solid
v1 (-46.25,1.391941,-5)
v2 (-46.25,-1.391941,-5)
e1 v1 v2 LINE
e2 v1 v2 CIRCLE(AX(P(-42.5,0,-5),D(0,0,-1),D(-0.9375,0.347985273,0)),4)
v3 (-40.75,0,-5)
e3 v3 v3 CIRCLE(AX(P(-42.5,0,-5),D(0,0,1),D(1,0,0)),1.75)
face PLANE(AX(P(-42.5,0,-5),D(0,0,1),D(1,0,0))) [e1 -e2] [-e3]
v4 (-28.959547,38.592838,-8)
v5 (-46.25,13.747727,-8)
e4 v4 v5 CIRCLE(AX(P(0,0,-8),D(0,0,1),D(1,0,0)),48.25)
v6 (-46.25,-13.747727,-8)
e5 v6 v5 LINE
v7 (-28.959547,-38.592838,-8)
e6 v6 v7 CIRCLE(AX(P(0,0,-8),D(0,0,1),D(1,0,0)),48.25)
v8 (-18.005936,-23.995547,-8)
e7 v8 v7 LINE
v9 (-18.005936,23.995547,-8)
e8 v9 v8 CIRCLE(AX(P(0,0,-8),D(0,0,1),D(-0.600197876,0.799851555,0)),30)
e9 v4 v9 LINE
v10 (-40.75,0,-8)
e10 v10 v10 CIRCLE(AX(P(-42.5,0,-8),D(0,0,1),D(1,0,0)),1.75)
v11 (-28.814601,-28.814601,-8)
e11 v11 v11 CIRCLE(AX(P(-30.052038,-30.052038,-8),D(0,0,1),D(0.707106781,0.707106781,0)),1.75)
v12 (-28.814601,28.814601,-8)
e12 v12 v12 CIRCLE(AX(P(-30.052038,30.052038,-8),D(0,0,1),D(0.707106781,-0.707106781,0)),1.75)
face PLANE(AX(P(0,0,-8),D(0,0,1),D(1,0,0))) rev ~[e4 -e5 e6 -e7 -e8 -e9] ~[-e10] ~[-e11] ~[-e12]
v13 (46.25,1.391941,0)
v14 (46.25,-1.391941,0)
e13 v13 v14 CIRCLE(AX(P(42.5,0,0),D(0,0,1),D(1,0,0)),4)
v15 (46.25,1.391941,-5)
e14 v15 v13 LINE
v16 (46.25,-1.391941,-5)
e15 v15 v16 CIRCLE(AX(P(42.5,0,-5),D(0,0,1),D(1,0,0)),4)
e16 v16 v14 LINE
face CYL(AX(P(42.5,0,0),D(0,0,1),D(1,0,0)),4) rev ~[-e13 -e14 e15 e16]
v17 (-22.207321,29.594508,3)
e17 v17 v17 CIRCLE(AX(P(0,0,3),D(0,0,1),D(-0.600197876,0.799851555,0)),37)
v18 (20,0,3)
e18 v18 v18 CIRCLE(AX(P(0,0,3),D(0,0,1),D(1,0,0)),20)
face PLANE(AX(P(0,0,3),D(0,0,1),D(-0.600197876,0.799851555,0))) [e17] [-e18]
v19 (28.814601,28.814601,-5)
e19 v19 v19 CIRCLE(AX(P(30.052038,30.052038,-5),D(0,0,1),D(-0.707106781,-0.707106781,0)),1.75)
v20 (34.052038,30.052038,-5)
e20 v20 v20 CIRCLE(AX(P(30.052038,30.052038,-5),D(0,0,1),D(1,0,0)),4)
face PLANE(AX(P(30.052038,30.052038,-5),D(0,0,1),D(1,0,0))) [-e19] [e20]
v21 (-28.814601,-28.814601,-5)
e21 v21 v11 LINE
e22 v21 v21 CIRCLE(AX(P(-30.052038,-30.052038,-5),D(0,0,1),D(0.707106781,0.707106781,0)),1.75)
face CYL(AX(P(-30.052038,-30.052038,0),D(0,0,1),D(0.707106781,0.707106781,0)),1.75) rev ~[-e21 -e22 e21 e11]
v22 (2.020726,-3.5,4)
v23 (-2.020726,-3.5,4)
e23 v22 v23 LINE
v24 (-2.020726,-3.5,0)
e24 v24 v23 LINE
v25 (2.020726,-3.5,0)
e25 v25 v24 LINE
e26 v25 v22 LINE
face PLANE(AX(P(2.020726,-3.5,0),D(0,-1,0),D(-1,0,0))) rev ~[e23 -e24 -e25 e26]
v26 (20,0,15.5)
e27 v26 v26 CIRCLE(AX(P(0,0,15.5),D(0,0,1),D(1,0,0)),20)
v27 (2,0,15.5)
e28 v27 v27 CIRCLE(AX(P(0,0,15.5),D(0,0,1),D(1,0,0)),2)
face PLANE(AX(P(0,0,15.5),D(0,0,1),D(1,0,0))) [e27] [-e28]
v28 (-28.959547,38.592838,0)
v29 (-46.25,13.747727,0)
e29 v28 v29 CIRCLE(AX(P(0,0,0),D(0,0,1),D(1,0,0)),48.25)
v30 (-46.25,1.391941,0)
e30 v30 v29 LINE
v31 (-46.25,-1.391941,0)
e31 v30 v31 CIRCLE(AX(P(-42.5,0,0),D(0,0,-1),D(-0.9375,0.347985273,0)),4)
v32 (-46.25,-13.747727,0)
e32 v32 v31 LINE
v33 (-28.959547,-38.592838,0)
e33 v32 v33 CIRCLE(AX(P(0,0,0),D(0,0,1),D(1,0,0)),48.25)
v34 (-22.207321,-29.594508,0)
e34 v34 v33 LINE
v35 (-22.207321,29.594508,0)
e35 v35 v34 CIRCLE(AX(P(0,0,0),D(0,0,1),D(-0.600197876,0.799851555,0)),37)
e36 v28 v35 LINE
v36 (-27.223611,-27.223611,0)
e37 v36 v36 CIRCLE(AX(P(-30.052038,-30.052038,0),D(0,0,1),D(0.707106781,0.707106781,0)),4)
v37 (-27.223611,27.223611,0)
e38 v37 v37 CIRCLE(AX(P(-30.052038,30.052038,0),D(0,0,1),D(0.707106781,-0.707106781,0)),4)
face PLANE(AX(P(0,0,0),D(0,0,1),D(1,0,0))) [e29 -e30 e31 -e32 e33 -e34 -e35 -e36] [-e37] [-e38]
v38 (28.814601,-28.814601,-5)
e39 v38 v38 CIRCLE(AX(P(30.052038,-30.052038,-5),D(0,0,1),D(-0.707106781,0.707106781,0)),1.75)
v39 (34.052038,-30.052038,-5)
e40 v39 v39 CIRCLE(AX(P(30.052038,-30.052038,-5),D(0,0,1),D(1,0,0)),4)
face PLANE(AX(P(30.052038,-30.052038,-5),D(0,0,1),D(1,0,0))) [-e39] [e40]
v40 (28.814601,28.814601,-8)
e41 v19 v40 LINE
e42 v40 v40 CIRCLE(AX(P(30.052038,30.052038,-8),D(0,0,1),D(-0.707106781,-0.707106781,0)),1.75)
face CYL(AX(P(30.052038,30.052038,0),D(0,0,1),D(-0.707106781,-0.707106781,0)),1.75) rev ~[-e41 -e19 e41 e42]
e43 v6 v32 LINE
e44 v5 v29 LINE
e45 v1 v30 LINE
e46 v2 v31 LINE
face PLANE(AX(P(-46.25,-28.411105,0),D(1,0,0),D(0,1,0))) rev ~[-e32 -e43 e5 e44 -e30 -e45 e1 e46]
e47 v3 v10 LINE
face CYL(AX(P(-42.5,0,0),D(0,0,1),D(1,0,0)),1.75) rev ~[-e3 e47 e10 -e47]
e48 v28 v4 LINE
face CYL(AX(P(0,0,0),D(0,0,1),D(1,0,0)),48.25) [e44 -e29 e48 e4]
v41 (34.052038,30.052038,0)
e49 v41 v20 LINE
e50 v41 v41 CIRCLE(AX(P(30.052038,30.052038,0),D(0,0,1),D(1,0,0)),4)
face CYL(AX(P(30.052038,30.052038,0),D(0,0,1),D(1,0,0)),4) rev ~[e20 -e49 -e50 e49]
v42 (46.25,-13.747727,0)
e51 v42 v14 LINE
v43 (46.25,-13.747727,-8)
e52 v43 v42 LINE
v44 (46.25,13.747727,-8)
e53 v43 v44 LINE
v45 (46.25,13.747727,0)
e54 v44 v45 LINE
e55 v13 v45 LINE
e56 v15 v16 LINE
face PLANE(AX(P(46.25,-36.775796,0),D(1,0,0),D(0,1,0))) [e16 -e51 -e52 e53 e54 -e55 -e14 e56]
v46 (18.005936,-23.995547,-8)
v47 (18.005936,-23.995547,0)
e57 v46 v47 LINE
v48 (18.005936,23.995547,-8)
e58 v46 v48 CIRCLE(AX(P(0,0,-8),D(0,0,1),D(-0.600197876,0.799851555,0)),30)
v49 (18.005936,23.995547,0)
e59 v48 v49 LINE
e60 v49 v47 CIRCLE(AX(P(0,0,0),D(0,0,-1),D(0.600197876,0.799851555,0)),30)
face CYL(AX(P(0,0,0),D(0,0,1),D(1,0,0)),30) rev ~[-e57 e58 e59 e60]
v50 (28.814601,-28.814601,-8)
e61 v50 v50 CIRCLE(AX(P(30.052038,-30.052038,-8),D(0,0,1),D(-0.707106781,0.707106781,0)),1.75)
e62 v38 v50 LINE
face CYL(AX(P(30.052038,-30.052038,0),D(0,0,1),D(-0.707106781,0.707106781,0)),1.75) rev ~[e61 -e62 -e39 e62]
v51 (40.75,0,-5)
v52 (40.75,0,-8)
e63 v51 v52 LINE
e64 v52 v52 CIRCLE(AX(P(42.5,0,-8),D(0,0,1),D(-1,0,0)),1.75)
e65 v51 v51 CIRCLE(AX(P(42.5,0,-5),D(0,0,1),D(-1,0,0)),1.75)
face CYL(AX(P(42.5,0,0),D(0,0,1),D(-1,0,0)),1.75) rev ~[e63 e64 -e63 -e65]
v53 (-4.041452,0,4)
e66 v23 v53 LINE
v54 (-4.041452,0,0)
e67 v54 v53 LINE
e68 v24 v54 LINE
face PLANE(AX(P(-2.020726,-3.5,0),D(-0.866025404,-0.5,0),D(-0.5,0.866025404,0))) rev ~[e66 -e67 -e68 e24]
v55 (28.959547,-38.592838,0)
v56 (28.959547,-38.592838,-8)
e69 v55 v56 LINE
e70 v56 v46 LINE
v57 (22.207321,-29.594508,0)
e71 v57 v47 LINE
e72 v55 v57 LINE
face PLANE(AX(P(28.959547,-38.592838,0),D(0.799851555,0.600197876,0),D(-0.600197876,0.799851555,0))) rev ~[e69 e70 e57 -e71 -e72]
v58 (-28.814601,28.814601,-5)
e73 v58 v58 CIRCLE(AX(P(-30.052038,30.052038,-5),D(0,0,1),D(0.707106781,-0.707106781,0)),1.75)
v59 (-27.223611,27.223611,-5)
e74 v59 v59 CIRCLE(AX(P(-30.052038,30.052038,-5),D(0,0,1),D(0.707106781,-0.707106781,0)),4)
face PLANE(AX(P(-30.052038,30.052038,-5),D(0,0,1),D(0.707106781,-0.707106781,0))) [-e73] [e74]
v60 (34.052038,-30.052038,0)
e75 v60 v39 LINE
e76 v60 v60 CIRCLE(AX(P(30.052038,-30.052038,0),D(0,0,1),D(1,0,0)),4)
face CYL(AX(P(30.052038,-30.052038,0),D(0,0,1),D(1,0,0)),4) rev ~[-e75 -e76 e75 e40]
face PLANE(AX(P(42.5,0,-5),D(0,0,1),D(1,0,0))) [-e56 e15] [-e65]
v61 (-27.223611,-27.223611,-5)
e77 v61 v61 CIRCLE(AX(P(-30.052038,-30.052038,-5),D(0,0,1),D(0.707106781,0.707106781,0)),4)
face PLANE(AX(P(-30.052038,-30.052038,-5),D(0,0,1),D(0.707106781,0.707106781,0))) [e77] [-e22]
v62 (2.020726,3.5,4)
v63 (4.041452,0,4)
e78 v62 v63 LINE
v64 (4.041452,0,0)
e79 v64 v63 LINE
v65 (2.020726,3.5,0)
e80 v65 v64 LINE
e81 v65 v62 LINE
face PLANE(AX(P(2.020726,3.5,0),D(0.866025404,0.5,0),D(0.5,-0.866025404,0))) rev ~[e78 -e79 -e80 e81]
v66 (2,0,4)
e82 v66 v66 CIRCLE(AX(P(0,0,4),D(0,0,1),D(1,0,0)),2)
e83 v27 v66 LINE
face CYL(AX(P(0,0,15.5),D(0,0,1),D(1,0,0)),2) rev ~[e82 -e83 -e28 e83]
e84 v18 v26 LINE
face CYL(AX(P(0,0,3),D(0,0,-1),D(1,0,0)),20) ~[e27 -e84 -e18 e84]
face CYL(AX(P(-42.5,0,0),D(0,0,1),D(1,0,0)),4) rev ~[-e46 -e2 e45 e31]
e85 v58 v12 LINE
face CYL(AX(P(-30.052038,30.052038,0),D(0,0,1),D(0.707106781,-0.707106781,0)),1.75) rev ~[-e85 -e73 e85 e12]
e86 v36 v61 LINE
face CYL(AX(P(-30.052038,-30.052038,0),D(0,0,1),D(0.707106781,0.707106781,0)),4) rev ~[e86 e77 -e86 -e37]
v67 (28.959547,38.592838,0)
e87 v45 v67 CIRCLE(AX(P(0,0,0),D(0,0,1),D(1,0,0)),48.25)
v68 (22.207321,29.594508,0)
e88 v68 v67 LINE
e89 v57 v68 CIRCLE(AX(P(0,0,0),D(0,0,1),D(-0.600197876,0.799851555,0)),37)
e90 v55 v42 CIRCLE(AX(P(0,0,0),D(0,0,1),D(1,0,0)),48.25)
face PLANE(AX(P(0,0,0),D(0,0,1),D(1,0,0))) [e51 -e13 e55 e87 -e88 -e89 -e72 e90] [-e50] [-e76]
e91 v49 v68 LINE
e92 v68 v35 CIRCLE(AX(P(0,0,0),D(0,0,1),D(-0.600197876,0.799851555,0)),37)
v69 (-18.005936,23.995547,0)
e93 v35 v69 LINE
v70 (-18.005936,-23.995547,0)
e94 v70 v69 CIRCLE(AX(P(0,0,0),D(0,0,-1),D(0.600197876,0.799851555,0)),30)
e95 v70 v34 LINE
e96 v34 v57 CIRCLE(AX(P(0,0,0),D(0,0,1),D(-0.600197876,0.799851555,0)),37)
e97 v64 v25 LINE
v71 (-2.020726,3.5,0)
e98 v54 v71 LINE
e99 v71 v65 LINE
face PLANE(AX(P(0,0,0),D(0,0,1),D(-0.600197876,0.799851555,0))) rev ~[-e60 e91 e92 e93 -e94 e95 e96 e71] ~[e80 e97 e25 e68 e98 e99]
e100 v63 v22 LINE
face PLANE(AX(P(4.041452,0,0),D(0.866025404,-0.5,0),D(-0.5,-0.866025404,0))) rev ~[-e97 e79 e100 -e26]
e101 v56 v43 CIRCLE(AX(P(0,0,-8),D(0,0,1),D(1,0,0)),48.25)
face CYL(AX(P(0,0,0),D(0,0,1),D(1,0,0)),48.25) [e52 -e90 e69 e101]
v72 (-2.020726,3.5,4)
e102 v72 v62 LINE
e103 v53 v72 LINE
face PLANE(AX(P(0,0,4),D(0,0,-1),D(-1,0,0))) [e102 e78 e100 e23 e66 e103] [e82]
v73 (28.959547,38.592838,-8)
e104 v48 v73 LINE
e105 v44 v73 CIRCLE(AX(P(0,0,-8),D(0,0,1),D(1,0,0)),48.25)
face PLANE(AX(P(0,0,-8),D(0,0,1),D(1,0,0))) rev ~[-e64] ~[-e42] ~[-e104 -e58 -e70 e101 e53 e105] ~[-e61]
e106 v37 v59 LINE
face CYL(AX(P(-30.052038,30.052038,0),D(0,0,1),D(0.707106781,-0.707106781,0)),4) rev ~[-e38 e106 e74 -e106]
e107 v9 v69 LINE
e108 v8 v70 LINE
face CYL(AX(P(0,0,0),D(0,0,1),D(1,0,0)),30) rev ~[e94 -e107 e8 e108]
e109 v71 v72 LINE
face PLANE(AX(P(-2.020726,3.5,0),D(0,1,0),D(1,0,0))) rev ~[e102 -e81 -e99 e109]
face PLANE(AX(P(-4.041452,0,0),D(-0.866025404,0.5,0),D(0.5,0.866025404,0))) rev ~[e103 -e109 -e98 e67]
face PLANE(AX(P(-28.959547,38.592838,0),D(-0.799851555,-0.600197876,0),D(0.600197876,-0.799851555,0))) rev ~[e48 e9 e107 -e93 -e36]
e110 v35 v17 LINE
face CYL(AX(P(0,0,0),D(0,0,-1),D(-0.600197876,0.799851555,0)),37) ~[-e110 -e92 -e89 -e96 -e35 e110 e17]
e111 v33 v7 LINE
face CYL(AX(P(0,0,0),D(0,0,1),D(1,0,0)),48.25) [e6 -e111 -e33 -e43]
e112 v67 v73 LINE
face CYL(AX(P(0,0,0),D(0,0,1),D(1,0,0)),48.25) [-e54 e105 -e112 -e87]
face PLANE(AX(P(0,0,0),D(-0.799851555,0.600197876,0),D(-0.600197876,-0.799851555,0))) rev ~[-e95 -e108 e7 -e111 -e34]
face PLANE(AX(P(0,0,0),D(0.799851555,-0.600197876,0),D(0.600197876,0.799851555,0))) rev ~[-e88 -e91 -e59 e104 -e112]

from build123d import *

# Parameters (mm, degrees)
SKETCH1_R           = 48.25
BOSS_EXTRUDE1_DEPTH = 8
SKETCH2_W           = 17.162038191
SKETCH2_H           = 56.822210482
SKETCH2_W_2         = 16.152506533
SKETCH2_H_2         = 65.186901365
CUT_EXTRUDE1_DEPTH  = 8
SKETCH3_R           = 30
CUT_EXTRUDE2_DEPTH  = 8
SKETCH4_R           = 1.75
CUT_EXTRUDE3_DEPTH  = 10
CIRPATTERN1_COUNT   = 8
CUT_EXTRUDE4_DEPTH  = 10
CIRPATTERN2_COUNT   = 2
SKETCH9_R           = 4
CUT_EXTRUDE5_DEPTH  = 5
CIRPATTERN3_COUNT   = 8
SKETCH10_R          = 4
CUT_EXTRUDE6_DEPTH  = 5
SKETCH11_R          = 37
BOSS_EXTRUDE2_DEPTH = 3
SKETCH12_R          = 20
BOSS_EXTRUDE3_DEPTH = 12.5
SKETCH13_R          = 2
CUT_EXTRUDE8_DEPTH  = 38
CUT_EXTRUDE9_DEPTH  = 4


with BuildPart() as part:
    # Sketch1 → Boss-Extrude1 (new body)
    with BuildSketch(Plane.XY):
        Circle(SKETCH1_R)
    extrude(amount=-BOSS_EXTRUDE1_DEPTH)

    # Sketch2 → Cut-Extrude1 (cut)
    with BuildSketch(Plane.XY):
        with Locations((-54.831019095, 0)):
            Rectangle(SKETCH2_W, SKETCH2_H)
        with Locations((54.326253267, -4.182345442)):
            Rectangle(SKETCH2_W_2, SKETCH2_H_2)
    extrude(amount=-CUT_EXTRUDE1_DEPTH, mode=Mode.SUBTRACT)

    # Sketch3 → Cut-Extrude2 (cut)
    with BuildSketch(Plane.XY):
        Circle(SKETCH3_R)
    extrude(amount=-CUT_EXTRUDE2_DEPTH, mode=Mode.SUBTRACT)

    # Sketch4 → Cut-Extrude3 (cut)
    with BuildSketch(Plane.XY):
        with Locations((-42.5, 0)):
            Circle(SKETCH4_R)
    cut_extrude3 = extrude(amount=-CUT_EXTRUDE3_DEPTH, mode=Mode.SUBTRACT)

    # CirPattern1: Cut-Extrude3 ×8 about axis
    cirpattern1_axis = Axis((0, 0, 0), (0, 0, 1))
    for i in range(1, CIRPATTERN1_COUNT):
        add(cut_extrude3.rotate(cirpattern1_axis, i * 360 / CIRPATTERN1_COUNT), mode=Mode.SUBTRACT)

    # Sketch8 → Cut-Extrude4 (cut)
    with BuildSketch(Plane.XY):
        with BuildLine():
            Line((-28.959547499, 38.59283753), (0, 0))
            Line((0, 0), (28.959547499, 38.59283753))
            ThreePointArc((28.959547499, 38.59283753), (0, 48.25), (-28.959547499, 38.59283753))
        make_face()
    cut_extrude4 = extrude(amount=-CUT_EXTRUDE4_DEPTH, mode=Mode.SUBTRACT)

    # CirPattern2: Cut-Extrude4 ×2 about axis
    cirpattern2_axis = Axis((0, 0, 0), (0, 0, 1))
    for i in range(1, CIRPATTERN2_COUNT):
        add(cut_extrude4.rotate(cirpattern2_axis, i * 360 / CIRPATTERN2_COUNT), mode=Mode.SUBTRACT)

    # Sketch9 → Cut-Extrude5 (cut)
    with BuildSketch(Plane.XY):
        with Locations((-42.5, 0)):
            Circle(SKETCH9_R)
    cut_extrude5 = extrude(amount=-CUT_EXTRUDE5_DEPTH, mode=Mode.SUBTRACT)

    # CirPattern3: Cut-Extrude5 ×8 about axis, 3 skipped
    cirpattern3_axis = Axis((0, 0, 0), (0, 0, 1))
    add([cut_extrude5.rotate(cirpattern3_axis, i * 360 / CIRPATTERN3_COUNT) for i in range(1, CIRPATTERN3_COUNT) if i not in (3, 4, 5)], mode=Mode.SUBTRACT)

    # Sketch10 → Cut-Extrude6 (cut)
    with BuildSketch(Plane.XY):
        with Locations((42.5, 0)):
            Circle(SKETCH10_R)
        with Locations((30.0520382, 30.0520382)):
            Circle(SKETCH10_R)
        with Locations((30.0520382, -30.0520382)):
            Circle(SKETCH10_R)
    extrude(amount=-CUT_EXTRUDE6_DEPTH, mode=Mode.SUBTRACT)

    # Sketch11 → Boss-Extrude2 (add)
    with BuildSketch(Plane.XY):
        with Locations(Location((0, 0, 0), (0, 0, 126.884070759))):
            Circle(SKETCH11_R)
    extrude(amount=BOSS_EXTRUDE2_DEPTH)

    # Sketch12 → Boss-Extrude3 (add)
    with BuildSketch(Plane.XY.offset(3)):
        Circle(SKETCH12_R)
    extrude(amount=BOSS_EXTRUDE3_DEPTH)

    # Sketch13 → Cut-Extrude8 (cut)
    with BuildSketch(Plane.XY.offset(15.5)):
        Circle(SKETCH13_R)
    extrude(amount=-CUT_EXTRUDE8_DEPTH, mode=Mode.SUBTRACT)

    # Sketch14 → Cut-Extrude9 (cut)
    with BuildSketch(Plane(origin=(0, 0, 0), x_dir=(-1, 0, 0), z_dir=(0, 0, -1))):
        Polygon((-2.020725942, -3.5), (2.020725942, -3.5), (4.041451884, 0), (2.020725942, 3.5), (-2.020725942, 3.5), (-4.041451884, 0), align=None)
    extrude(amount=-CUT_EXTRUDE9_DEPTH, mode=Mode.SUBTRACT)


solid = part.part
